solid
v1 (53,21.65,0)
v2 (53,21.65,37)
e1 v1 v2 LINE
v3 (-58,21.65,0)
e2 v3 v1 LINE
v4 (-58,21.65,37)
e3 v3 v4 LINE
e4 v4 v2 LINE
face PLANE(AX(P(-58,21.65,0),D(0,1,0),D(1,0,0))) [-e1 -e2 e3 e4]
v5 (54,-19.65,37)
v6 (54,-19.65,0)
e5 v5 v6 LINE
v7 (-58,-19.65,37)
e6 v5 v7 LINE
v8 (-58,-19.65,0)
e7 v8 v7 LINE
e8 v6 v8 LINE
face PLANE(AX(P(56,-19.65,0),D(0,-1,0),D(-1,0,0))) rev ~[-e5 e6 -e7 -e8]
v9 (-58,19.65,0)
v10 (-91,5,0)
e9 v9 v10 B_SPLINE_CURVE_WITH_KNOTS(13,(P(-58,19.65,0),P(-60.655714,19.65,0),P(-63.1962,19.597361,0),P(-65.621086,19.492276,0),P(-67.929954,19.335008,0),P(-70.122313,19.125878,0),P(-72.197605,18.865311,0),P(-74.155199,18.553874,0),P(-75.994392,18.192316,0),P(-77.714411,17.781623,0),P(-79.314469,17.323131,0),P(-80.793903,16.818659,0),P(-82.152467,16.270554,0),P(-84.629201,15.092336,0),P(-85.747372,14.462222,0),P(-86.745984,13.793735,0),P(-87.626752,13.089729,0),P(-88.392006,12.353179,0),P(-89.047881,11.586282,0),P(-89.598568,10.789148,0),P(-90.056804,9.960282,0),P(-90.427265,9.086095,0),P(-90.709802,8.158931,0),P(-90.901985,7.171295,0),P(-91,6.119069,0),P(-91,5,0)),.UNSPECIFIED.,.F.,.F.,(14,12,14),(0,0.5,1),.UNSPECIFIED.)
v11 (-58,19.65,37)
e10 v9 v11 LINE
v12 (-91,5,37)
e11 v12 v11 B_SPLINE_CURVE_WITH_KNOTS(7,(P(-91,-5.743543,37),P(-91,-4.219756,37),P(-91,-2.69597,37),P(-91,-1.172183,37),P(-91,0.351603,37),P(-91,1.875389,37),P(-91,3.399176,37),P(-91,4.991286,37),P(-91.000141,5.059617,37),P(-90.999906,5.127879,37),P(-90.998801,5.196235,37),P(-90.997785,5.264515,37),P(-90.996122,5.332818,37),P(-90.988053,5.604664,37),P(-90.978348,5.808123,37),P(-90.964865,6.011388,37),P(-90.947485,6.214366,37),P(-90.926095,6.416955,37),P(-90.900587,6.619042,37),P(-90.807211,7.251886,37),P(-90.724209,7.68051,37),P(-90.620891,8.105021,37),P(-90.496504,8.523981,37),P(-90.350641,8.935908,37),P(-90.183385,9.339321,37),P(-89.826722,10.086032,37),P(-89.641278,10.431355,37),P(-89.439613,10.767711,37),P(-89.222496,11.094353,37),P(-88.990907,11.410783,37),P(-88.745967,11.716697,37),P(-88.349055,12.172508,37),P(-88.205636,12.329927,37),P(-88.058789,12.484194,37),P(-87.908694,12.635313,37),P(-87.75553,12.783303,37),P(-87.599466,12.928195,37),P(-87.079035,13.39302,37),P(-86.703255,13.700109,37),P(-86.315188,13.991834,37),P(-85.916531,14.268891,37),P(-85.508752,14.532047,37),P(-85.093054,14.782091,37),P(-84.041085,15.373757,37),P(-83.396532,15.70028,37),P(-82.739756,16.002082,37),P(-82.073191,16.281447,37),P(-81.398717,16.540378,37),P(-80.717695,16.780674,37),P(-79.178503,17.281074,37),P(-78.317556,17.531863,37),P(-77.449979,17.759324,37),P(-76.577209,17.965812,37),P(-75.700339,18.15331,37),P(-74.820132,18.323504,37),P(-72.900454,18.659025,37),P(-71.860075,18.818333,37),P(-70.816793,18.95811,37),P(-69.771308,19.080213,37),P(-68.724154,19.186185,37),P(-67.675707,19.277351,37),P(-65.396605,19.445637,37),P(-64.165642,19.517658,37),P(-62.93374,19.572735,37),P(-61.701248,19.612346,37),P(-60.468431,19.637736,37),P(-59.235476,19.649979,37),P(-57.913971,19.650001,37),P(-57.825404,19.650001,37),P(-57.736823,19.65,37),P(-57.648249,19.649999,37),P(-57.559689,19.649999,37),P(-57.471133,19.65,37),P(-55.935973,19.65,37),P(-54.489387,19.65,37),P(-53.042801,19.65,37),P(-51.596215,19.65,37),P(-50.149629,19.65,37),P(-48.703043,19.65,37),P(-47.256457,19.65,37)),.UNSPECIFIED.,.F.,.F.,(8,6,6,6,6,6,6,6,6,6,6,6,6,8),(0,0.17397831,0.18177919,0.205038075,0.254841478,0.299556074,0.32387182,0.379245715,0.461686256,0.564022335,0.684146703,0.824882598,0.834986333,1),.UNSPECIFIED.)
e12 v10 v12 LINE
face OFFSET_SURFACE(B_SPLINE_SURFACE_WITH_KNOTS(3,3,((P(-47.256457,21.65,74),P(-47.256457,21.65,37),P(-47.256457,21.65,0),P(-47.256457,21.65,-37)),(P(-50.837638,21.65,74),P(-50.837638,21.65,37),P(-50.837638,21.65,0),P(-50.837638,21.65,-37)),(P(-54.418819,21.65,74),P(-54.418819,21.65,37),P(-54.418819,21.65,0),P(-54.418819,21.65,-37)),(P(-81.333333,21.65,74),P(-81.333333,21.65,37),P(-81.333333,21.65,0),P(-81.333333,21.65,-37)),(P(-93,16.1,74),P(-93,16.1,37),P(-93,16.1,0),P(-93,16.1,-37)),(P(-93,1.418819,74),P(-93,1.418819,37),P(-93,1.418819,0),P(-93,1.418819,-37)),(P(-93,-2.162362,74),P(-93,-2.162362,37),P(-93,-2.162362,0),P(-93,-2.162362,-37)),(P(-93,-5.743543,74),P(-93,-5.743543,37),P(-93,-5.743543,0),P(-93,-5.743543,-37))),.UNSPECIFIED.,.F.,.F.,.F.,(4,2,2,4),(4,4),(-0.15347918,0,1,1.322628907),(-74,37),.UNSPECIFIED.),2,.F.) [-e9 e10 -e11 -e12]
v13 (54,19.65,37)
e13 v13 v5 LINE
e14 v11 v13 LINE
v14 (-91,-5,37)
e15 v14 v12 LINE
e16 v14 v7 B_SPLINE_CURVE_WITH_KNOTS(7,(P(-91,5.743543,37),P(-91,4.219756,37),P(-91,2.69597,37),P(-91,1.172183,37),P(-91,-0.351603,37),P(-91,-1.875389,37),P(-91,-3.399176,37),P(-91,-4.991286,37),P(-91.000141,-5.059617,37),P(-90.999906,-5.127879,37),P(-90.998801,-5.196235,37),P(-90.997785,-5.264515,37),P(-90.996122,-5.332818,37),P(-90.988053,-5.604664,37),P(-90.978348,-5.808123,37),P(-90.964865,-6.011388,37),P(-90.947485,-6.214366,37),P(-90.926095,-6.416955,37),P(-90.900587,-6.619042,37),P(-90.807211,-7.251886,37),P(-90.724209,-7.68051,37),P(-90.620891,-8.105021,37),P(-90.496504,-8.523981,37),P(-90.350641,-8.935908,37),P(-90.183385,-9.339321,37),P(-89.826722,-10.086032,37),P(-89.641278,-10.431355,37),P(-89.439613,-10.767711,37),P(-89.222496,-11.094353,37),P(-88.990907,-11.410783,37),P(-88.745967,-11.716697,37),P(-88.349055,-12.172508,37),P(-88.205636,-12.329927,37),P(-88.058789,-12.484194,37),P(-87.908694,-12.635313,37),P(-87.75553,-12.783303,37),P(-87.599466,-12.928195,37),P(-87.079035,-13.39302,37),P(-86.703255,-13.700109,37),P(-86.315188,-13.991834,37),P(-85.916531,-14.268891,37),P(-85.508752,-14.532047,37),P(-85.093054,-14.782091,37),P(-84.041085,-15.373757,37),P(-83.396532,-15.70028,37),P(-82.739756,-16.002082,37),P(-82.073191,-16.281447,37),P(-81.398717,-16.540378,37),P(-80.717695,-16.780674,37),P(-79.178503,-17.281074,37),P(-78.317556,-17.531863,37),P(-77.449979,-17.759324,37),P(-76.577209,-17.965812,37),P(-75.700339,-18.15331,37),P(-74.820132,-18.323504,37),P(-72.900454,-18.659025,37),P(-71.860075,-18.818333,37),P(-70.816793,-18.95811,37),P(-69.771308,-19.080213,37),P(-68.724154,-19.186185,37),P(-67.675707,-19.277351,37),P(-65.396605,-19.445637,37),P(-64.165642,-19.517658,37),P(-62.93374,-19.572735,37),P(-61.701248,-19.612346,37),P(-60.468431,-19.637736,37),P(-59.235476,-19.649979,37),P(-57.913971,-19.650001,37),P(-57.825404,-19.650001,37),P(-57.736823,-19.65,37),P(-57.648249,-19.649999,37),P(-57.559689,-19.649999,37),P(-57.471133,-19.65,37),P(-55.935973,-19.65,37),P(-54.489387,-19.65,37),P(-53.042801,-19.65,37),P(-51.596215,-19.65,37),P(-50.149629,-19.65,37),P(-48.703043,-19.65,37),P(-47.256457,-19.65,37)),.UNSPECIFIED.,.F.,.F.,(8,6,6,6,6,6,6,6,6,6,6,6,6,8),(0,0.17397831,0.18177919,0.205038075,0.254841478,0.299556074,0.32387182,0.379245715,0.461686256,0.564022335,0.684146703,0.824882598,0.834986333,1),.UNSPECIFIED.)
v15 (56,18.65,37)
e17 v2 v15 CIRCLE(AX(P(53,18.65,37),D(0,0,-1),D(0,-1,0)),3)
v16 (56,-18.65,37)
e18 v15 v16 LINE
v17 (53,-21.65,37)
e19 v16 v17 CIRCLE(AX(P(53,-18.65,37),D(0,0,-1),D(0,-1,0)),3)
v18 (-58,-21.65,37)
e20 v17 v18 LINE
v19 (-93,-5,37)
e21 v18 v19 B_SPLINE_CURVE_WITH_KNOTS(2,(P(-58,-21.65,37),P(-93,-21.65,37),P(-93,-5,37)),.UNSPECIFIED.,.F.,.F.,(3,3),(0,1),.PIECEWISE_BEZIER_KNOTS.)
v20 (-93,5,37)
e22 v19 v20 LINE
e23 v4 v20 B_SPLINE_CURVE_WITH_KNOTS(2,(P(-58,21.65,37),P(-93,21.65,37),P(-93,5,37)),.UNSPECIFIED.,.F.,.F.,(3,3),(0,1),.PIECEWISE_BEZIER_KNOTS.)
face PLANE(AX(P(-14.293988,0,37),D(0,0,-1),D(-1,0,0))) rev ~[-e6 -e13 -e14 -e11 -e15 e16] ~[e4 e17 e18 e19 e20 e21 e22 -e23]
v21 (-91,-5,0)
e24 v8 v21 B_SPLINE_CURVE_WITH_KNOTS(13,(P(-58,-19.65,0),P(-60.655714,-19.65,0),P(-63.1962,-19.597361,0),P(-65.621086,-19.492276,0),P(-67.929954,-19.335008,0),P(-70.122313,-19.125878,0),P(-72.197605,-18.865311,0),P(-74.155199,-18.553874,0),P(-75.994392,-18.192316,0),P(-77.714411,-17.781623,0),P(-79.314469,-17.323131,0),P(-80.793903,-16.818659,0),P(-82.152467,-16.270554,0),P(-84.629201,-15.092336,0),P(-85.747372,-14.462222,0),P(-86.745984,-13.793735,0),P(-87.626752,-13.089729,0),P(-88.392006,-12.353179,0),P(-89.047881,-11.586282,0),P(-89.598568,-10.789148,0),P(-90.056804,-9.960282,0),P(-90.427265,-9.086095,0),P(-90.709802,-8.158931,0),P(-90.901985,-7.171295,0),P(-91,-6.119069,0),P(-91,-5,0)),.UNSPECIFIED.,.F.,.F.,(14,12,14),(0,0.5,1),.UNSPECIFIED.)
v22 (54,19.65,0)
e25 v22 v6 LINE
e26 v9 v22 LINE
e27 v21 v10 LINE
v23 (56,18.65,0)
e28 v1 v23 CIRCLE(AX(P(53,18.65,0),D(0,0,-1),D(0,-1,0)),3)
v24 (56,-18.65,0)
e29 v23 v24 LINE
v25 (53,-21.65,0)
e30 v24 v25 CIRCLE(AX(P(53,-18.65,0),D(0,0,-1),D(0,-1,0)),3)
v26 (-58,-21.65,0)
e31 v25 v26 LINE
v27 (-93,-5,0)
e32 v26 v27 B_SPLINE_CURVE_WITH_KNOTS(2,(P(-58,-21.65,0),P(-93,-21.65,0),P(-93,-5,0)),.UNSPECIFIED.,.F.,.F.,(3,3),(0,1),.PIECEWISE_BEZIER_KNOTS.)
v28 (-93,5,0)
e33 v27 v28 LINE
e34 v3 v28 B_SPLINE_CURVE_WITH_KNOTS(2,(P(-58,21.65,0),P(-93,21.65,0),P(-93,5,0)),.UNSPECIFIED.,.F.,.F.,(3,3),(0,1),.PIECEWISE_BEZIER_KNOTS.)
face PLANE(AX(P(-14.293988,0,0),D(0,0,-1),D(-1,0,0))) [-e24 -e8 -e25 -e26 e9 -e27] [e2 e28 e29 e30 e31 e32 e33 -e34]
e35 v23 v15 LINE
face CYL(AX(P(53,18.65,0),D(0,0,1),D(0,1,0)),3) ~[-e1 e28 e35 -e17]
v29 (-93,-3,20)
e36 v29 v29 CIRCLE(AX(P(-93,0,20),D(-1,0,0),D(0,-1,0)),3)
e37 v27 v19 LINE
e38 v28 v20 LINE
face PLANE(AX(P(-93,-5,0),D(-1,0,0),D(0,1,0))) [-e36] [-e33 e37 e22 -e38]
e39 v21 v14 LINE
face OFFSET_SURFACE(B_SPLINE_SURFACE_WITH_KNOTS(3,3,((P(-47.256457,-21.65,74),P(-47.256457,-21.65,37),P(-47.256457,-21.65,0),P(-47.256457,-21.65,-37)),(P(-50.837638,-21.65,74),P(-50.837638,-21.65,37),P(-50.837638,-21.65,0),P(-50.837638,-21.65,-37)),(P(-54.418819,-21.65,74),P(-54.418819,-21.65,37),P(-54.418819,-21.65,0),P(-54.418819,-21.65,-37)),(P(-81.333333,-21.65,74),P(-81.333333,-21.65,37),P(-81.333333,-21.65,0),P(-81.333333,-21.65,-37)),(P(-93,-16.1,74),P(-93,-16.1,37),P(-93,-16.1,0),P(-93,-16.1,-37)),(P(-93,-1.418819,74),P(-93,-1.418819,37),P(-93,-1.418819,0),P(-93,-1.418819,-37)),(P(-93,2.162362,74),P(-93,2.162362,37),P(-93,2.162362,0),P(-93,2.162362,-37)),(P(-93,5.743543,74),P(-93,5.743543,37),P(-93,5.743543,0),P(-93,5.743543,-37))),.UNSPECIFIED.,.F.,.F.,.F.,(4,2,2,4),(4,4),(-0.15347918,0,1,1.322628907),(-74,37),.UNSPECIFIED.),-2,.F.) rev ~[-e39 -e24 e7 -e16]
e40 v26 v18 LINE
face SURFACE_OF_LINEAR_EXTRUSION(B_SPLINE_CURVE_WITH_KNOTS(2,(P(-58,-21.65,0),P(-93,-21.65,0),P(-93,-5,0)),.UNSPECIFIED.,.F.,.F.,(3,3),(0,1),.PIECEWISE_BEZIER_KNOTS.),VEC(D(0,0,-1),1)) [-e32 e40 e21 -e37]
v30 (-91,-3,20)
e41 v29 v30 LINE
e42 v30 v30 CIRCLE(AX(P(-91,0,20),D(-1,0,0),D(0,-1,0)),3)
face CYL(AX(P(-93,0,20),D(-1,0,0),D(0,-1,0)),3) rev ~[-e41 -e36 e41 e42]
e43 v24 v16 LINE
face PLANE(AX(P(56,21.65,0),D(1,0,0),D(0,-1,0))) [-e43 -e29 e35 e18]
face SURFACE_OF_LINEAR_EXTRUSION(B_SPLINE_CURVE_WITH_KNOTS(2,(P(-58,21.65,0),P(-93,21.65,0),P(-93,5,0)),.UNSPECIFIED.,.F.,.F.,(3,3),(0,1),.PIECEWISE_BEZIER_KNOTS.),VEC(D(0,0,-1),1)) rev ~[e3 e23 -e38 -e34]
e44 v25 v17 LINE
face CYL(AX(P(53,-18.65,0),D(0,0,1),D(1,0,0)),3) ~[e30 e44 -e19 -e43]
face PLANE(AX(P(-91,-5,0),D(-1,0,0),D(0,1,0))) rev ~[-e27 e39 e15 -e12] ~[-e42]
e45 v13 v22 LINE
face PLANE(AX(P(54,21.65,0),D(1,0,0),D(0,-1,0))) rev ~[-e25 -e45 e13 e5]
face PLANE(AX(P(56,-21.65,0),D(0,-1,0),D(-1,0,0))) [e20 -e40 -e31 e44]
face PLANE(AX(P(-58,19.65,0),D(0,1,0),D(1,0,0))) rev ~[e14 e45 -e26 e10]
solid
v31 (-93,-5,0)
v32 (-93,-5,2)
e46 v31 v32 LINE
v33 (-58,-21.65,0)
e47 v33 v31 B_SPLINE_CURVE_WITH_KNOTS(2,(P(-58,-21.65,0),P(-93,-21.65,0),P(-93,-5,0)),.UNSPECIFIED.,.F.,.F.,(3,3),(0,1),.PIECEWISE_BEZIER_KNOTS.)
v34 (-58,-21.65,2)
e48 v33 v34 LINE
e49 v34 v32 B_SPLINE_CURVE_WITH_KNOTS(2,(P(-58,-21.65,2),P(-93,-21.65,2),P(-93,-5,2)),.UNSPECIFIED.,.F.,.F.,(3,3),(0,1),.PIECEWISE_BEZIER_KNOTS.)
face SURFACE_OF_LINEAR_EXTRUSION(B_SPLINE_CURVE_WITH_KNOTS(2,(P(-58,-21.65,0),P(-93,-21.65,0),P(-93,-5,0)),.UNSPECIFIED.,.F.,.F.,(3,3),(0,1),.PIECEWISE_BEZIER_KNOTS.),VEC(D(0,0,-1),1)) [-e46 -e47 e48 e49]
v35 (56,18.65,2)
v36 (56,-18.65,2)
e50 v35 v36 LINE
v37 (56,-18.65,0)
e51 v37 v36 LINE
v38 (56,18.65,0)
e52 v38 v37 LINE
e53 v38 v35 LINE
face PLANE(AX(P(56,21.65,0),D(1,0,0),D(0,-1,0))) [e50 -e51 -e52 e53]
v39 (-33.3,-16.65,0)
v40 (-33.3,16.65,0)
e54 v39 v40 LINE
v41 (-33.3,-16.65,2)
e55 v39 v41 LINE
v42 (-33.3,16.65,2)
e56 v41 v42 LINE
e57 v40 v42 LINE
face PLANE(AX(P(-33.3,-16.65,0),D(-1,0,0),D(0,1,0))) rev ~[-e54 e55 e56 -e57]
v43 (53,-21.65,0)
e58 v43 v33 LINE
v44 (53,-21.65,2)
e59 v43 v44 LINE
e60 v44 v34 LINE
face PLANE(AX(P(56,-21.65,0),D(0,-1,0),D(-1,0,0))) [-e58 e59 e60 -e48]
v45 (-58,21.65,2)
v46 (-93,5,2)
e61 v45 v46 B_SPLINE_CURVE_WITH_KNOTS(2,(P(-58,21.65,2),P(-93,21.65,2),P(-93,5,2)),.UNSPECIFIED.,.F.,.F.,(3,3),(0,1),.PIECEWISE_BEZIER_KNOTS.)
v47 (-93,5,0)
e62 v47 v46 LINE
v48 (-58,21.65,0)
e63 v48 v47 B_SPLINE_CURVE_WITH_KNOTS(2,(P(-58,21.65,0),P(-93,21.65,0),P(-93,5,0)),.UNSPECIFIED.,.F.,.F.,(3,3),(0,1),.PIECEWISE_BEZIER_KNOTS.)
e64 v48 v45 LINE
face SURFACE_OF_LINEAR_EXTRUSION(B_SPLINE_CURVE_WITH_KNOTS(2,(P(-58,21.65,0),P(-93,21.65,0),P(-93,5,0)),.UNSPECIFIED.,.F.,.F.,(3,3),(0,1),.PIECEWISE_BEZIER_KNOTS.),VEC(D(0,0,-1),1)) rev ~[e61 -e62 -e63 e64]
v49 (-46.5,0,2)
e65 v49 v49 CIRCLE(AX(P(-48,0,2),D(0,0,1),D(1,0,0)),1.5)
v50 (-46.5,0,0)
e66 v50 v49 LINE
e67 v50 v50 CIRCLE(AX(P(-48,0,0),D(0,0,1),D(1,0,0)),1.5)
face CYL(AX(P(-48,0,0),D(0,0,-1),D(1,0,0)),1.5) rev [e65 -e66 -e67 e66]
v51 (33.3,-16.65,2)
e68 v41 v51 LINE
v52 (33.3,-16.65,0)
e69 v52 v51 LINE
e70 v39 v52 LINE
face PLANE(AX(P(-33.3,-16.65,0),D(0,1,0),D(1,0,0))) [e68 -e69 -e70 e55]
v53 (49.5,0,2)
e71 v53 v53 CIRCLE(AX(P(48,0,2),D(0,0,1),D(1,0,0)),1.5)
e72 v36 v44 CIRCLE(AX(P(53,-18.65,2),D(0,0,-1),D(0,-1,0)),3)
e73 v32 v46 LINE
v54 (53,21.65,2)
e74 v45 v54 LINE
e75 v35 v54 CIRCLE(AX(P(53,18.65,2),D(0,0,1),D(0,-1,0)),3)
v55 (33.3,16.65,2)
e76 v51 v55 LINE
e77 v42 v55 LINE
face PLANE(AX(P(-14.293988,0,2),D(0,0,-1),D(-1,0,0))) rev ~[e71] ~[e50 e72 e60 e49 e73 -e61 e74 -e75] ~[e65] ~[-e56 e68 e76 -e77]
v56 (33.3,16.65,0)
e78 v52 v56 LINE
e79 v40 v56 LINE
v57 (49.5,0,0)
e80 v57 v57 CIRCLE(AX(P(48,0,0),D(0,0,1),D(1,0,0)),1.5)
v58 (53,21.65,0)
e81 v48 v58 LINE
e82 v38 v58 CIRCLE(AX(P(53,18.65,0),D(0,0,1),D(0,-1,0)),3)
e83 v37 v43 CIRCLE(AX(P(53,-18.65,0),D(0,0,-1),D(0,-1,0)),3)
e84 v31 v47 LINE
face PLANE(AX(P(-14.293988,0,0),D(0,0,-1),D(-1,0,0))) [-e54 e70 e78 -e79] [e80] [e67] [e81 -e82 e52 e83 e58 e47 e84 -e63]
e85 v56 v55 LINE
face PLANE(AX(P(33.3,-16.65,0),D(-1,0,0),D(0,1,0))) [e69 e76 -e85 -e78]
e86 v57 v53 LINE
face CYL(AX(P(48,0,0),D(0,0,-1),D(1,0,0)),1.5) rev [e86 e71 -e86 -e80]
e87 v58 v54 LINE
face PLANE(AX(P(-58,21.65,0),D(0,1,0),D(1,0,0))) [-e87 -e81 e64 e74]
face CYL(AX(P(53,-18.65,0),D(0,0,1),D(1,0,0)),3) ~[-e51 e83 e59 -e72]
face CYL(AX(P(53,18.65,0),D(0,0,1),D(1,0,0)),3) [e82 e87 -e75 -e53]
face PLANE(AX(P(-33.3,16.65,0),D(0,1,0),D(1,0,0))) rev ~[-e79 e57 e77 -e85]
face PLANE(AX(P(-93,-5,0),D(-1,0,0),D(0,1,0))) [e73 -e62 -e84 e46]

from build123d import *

# Parameters (mm, degrees)
PAD_DEPTH    = 37
THICKNESS_T  = -2
SKETCH002_R  = 3
HOLE_DEPTH   = 25
HOLE_TIPS_R  = 3
FILLET_R     = 3
SKETCH_W     = 66.6
SKETCH_H     = 33.3
SKETCH_R     = 1.5
PAD001_DEPTH = 2
FILLET001_R  = 3
FILLET002_R  = 3


with BuildPart() as body:
    # Sketch001 → Pad (new body)
    with BuildSketch(Plane.XY):
        with BuildLine():
            Line((-58, 21.65), (56, 21.65))
            Line((56, 21.65), (56, -21.65))
            Line((56, -21.65), (-58, -21.65))
            add(Edge.make_bspline(
                [(-58, -21.65), (-93, -21.65), (-93, -5)],
                knots=[0, 0, 0, 1, 1, 1], degree=2))
            Line((-93, -5), (-93, 5))
            add(Edge.make_bspline(
                [(-58, 21.65), (-93, 21.65), (-93, 5)],
                knots=[0, 0, 0, 1, 1, 1], degree=2))
        make_face()
    extrude(amount=PAD_DEPTH)

    # Thickness
    thickness_openings = [body.faces().sort_by_distance(p)[0] for p in [
        (-16.404598, 0, 37),
        (-16.404598, 0, 0),
    ]]
    offset(amount=THICKNESS_T, openings=thickness_openings)

    # Sketch002 (on Face5 of Thickness) → Hole (cut)
    with BuildSketch(Plane(origin=(-93, 0, 0), x_dir=(0, -1, 0), z_dir=(-1, 0, 0))):
        with Locations((0, 20)):
            Circle(SKETCH002_R)
    extrude(amount=-HOLE_DEPTH, mode=Mode.SUBTRACT)

    # Hole tips → Hole tip 1 section 0
    with BuildSketch(Plane(origin=(-68, 0, 0), x_dir=(0, -1, 0), z_dir=(-1, 0, 0)), mode=Mode.PRIVATE) as hole_tip_1_s0:
        with Locations((0, 20)):
            Circle(HOLE_TIPS_R)
    loft([hole_tip_1_s0.sketch, Vertex(-66.197418, 0, 20)], mode=Mode.SUBTRACT)

    # Fillet
    fillet_edges = [body.edges().sort_by_distance(p)[0] for p in [
        (56, 21.65, 18.5),
        (56, -21.65, 18.5),
    ]]
    fillet(fillet_edges, radius=FILLET_R)


with BuildPart() as body001:
    # Sketch → Pad001 (new body)
    with BuildSketch(Plane.XY):
        with BuildLine():
            Line((-58, 21.65), (56, 21.65))
            Line((56, 21.65), (56, -21.65))
            Line((56, -21.65), (-58, -21.65))
            add(Edge.make_bspline(
                [(-58, -21.65), (-93, -21.65), (-93, -5)],
                knots=[0, 0, 0, 1, 1, 1], degree=2))
            Line((-93, -5), (-93, 5))
            add(Edge.make_bspline(
                [(-58, 21.65), (-93, 21.65), (-93, 5)],
                knots=[0, 0, 0, 1, 1, 1], degree=2))
        make_face()
        Rectangle(SKETCH_W, SKETCH_H, mode=Mode.SUBTRACT)
        with Locations((-48, 0)):
            Circle(SKETCH_R, mode=Mode.SUBTRACT)
        with Locations((48, 0)):
            Circle(SKETCH_R, mode=Mode.SUBTRACT)
    extrude(amount=PAD001_DEPTH)

    # Fillet001
    fillet001_edges = [body001.edges().sort_by_distance(p)[0] for p in [
        (56, -21.65, 1),
    ]]
    fillet(fillet001_edges, radius=FILLET001_R)

    # Fillet002
    fillet002_edges = [body001.edges().sort_by_distance(p)[0] for p in [
        (56, 21.65, 1),
    ]]
    fillet(fillet002_edges, radius=FILLET002_R)


solid = Compound([body.part, body001.part])
